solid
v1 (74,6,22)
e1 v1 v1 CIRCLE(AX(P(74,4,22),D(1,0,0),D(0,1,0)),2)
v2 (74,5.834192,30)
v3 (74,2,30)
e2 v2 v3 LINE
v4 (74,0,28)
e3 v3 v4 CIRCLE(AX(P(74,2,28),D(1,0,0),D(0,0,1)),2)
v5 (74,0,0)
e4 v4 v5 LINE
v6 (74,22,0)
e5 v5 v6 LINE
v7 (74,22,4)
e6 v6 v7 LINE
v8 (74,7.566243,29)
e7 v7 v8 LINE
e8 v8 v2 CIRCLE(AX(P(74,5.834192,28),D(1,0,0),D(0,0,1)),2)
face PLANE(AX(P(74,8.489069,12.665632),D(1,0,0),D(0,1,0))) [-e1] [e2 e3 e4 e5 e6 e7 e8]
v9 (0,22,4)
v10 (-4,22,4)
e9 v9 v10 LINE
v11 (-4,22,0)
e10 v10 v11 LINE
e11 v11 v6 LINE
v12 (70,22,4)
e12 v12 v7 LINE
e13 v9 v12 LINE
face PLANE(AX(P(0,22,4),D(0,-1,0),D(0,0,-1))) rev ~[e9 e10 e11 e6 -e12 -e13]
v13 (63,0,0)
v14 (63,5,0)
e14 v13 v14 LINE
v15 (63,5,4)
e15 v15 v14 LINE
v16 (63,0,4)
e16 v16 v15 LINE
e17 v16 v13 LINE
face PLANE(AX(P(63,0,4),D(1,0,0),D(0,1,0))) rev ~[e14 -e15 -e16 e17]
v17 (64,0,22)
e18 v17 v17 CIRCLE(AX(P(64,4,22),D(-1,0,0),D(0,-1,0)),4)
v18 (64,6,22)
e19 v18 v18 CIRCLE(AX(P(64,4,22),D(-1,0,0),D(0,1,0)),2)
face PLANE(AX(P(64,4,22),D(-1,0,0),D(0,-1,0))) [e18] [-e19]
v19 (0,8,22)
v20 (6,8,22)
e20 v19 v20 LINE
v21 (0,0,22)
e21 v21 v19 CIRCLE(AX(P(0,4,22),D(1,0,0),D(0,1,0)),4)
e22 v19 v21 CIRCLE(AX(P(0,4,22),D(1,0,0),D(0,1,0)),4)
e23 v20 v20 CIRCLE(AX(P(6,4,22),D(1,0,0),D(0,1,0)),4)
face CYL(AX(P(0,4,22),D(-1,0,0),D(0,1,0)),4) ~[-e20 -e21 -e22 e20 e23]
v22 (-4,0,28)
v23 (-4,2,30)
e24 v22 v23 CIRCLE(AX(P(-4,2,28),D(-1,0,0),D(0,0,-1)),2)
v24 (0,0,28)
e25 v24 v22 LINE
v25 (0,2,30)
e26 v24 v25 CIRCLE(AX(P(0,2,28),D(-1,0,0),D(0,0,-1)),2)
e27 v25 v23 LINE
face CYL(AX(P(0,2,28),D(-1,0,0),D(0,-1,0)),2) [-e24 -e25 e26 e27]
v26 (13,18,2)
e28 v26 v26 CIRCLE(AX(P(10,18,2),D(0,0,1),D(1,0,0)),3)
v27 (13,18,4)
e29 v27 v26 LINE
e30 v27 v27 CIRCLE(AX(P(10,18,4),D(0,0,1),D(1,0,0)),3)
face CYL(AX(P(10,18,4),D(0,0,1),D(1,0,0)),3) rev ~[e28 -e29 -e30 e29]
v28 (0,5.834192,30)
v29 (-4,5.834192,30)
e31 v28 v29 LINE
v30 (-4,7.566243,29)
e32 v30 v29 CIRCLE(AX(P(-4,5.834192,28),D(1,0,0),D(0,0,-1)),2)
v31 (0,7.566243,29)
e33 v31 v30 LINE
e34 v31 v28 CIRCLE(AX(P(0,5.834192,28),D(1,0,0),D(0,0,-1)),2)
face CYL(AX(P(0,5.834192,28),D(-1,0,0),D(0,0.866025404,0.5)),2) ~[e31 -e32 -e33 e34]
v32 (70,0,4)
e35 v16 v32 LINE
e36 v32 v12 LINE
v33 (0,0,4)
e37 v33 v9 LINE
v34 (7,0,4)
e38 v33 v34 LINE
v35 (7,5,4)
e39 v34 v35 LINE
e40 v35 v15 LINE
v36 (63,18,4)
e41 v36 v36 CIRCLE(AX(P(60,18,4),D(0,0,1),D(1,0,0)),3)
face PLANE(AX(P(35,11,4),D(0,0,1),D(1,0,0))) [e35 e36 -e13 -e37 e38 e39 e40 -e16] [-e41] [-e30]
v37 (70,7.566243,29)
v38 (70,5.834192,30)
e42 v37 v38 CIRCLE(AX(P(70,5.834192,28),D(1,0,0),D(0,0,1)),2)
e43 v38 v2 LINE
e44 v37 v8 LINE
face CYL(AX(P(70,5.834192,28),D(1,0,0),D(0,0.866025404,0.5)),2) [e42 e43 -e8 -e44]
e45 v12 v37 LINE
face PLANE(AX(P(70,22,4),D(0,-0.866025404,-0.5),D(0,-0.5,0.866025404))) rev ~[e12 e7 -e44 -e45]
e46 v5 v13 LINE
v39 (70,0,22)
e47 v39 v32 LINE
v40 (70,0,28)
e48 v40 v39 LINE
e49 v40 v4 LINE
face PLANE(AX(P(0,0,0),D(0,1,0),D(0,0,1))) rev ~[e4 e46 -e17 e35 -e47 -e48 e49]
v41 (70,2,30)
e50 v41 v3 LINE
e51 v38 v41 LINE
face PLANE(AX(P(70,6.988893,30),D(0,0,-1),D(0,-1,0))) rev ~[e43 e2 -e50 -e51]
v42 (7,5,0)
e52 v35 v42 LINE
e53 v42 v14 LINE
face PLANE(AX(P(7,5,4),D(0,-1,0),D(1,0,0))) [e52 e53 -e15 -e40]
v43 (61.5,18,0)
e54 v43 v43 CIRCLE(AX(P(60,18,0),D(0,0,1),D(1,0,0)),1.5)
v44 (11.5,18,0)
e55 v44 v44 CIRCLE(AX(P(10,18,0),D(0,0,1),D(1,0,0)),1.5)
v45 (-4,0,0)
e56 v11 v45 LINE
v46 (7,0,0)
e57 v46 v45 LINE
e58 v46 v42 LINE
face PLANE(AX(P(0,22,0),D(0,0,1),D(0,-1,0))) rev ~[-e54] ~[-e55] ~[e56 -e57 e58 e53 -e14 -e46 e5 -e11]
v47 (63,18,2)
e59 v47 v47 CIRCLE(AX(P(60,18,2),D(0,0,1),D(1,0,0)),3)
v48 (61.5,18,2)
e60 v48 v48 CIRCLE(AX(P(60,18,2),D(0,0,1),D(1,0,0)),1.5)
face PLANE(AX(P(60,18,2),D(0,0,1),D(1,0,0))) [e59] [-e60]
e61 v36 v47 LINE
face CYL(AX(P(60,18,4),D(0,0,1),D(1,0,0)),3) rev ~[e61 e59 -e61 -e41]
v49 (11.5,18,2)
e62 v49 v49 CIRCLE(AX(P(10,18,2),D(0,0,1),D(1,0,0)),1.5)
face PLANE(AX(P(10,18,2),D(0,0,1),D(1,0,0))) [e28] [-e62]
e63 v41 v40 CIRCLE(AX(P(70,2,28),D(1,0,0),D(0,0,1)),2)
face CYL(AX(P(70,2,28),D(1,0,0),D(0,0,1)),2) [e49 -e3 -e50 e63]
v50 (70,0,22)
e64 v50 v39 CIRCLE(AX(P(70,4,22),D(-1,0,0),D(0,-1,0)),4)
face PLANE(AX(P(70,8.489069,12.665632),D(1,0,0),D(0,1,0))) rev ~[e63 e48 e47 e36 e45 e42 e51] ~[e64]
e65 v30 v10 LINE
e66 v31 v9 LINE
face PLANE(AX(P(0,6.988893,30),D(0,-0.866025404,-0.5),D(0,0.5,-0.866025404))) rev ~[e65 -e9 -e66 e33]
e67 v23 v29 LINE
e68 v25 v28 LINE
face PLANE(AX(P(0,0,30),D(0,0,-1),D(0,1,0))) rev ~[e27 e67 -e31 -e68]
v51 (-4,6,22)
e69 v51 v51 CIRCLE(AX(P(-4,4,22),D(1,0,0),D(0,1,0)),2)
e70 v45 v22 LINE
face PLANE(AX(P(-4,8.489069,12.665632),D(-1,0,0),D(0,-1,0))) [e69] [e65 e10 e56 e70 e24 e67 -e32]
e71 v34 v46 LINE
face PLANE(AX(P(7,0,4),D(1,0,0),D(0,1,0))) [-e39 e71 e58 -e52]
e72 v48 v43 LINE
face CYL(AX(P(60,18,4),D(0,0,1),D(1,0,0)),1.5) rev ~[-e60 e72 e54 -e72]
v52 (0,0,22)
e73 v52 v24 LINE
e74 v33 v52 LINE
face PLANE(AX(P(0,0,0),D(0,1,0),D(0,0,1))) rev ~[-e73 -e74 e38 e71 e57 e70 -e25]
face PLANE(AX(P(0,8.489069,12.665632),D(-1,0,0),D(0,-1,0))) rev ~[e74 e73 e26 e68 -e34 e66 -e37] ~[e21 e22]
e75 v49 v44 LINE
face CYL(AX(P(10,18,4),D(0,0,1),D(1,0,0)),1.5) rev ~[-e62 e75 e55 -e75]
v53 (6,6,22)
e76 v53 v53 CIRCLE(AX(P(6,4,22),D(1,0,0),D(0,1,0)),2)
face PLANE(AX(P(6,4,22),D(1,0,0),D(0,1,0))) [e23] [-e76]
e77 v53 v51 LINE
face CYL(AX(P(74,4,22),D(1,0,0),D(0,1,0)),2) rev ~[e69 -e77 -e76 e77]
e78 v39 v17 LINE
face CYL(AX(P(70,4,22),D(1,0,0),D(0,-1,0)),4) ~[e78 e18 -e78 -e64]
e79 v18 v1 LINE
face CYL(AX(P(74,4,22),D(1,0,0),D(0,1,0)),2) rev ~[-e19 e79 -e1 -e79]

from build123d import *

# Parameters (mm, degrees)
SKETCH_W        = 70
SKETCH_H        = 22
PAD_DEPTH       = 4
SKETCH001_R     = 1.5
POCKET_DEPTH    = 7
PAD001_DEPTH    = 4
PAD002_DEPTH    = 4
SKETCH004_R     = 4
SKETCH004_R_2   = 2
PAD003_DEPTH    = 6
SKETCH005_R     = 4
SKETCH005_R_2   = 2
PAD004_DEPTH    = 6
SKETCH006_R     = 2
POCKET001_DEPTH = 80
SKETCH007_R     = 3
POCKET002_DEPTH = 2
SKETCH008_W     = 56
SKETCH008_H     = 5
POCKET003_DEPTH = 4
FILLET_R        = 2
FILLET001_R     = 2
FILLET002_R     = 2
FILLET003_R     = 2


with BuildPart() as part:
    # Sketch → Pad (new body)
    with BuildSketch(Plane.XY):
        with Locations((35, 11)):
            Rectangle(SKETCH_W, SKETCH_H)
    extrude(amount=PAD_DEPTH)

    # Sketch001 → Pocket (cut)
    with BuildSketch(Plane.XY.offset(4)):
        with Locations((10, 18)):
            Circle(SKETCH001_R)
        with Locations((60, 18)):
            Circle(SKETCH001_R)
    extrude(amount=-POCKET_DEPTH, mode=Mode.SUBTRACT)

    # Sketch002 → Pad001 (new body)
    with BuildSketch(Plane.YZ.offset(70)):
        Polygon((0, 30), (0, 0), (22, 0), (22, 4), (6.988893, 30), align=None)
    extrude(amount=PAD001_DEPTH)

    # Sketch003 → Pad002 (new body)
    with BuildSketch(Plane(origin=(0, 0, 0), x_dir=(0, -1, 0), z_dir=(-1, 0, 0))):
        Polygon((-22, 0), (0, 0), (0, 30), (-6.988893, 30), (-22, 4), align=None)
    extrude(amount=PAD002_DEPTH)

    # Sketch004 → Pad003 (new body)
    with BuildSketch(Plane(origin=(70, 0, 0), x_dir=(0, -1, 0), z_dir=(-1, 0, 0))):
        with Locations((-4, 22)):
            Circle(SKETCH004_R)
        with Locations((-4, 22)):
            Circle(SKETCH004_R_2, mode=Mode.SUBTRACT)
    extrude(amount=PAD003_DEPTH)

    # Sketch005 → Pad004 (new body)
    with BuildSketch(Plane.YZ):
        with Locations((4, 22)):
            Circle(SKETCH005_R)
        with Locations((4, 22)):
            Circle(SKETCH005_R_2, mode=Mode.SUBTRACT)
    extrude(amount=PAD004_DEPTH)

    # Sketch006 → Pocket001 (cut)
    with BuildSketch(Plane.YZ.offset(74)):
        with Locations((4, 22)):
            Circle(SKETCH006_R)
    extrude(amount=-POCKET001_DEPTH, mode=Mode.SUBTRACT)

    # Sketch007 → Pocket002 (cut)
    with BuildSketch(Plane.XY.offset(4)):
        with Locations((10, 18)):
            Circle(SKETCH007_R)
        with Locations((60, 18)):
            Circle(SKETCH007_R)
    extrude(amount=-POCKET002_DEPTH, mode=Mode.SUBTRACT)

    # Sketch008 → Pocket003 (cut)
    with BuildSketch(Plane.XY.offset(4)):
        with Locations((35, 2.5)):
            Rectangle(SKETCH008_W, SKETCH008_H)
    extrude(amount=-POCKET003_DEPTH, mode=Mode.SUBTRACT)

    # Fillet
    fillet_edges = [part.edges().sort_by_distance(p)[0] for p in [
        (-2, 6.988893, 30),
    ]]
    fillet(fillet_edges, radius=FILLET_R)

    # Fillet001
    fillet001_edges = [part.edges().sort_by_distance(p)[0] for p in [
        (-2, 0, 30),
    ]]
    fillet(fillet001_edges, radius=FILLET001_R)

    # Fillet002
    fillet002_edges = [part.edges().sort_by_distance(p)[0] for p in [
        (72, 6.988893, 30),
    ]]
    fillet(fillet002_edges, radius=FILLET002_R)

    # Fillet003
    fillet003_edges = [part.edges().sort_by_distance(p)[0] for p in [
        (72, 0, 30),
    ]]
    fillet(fillet003_edges, radius=FILLET003_R)


solid = part.part
